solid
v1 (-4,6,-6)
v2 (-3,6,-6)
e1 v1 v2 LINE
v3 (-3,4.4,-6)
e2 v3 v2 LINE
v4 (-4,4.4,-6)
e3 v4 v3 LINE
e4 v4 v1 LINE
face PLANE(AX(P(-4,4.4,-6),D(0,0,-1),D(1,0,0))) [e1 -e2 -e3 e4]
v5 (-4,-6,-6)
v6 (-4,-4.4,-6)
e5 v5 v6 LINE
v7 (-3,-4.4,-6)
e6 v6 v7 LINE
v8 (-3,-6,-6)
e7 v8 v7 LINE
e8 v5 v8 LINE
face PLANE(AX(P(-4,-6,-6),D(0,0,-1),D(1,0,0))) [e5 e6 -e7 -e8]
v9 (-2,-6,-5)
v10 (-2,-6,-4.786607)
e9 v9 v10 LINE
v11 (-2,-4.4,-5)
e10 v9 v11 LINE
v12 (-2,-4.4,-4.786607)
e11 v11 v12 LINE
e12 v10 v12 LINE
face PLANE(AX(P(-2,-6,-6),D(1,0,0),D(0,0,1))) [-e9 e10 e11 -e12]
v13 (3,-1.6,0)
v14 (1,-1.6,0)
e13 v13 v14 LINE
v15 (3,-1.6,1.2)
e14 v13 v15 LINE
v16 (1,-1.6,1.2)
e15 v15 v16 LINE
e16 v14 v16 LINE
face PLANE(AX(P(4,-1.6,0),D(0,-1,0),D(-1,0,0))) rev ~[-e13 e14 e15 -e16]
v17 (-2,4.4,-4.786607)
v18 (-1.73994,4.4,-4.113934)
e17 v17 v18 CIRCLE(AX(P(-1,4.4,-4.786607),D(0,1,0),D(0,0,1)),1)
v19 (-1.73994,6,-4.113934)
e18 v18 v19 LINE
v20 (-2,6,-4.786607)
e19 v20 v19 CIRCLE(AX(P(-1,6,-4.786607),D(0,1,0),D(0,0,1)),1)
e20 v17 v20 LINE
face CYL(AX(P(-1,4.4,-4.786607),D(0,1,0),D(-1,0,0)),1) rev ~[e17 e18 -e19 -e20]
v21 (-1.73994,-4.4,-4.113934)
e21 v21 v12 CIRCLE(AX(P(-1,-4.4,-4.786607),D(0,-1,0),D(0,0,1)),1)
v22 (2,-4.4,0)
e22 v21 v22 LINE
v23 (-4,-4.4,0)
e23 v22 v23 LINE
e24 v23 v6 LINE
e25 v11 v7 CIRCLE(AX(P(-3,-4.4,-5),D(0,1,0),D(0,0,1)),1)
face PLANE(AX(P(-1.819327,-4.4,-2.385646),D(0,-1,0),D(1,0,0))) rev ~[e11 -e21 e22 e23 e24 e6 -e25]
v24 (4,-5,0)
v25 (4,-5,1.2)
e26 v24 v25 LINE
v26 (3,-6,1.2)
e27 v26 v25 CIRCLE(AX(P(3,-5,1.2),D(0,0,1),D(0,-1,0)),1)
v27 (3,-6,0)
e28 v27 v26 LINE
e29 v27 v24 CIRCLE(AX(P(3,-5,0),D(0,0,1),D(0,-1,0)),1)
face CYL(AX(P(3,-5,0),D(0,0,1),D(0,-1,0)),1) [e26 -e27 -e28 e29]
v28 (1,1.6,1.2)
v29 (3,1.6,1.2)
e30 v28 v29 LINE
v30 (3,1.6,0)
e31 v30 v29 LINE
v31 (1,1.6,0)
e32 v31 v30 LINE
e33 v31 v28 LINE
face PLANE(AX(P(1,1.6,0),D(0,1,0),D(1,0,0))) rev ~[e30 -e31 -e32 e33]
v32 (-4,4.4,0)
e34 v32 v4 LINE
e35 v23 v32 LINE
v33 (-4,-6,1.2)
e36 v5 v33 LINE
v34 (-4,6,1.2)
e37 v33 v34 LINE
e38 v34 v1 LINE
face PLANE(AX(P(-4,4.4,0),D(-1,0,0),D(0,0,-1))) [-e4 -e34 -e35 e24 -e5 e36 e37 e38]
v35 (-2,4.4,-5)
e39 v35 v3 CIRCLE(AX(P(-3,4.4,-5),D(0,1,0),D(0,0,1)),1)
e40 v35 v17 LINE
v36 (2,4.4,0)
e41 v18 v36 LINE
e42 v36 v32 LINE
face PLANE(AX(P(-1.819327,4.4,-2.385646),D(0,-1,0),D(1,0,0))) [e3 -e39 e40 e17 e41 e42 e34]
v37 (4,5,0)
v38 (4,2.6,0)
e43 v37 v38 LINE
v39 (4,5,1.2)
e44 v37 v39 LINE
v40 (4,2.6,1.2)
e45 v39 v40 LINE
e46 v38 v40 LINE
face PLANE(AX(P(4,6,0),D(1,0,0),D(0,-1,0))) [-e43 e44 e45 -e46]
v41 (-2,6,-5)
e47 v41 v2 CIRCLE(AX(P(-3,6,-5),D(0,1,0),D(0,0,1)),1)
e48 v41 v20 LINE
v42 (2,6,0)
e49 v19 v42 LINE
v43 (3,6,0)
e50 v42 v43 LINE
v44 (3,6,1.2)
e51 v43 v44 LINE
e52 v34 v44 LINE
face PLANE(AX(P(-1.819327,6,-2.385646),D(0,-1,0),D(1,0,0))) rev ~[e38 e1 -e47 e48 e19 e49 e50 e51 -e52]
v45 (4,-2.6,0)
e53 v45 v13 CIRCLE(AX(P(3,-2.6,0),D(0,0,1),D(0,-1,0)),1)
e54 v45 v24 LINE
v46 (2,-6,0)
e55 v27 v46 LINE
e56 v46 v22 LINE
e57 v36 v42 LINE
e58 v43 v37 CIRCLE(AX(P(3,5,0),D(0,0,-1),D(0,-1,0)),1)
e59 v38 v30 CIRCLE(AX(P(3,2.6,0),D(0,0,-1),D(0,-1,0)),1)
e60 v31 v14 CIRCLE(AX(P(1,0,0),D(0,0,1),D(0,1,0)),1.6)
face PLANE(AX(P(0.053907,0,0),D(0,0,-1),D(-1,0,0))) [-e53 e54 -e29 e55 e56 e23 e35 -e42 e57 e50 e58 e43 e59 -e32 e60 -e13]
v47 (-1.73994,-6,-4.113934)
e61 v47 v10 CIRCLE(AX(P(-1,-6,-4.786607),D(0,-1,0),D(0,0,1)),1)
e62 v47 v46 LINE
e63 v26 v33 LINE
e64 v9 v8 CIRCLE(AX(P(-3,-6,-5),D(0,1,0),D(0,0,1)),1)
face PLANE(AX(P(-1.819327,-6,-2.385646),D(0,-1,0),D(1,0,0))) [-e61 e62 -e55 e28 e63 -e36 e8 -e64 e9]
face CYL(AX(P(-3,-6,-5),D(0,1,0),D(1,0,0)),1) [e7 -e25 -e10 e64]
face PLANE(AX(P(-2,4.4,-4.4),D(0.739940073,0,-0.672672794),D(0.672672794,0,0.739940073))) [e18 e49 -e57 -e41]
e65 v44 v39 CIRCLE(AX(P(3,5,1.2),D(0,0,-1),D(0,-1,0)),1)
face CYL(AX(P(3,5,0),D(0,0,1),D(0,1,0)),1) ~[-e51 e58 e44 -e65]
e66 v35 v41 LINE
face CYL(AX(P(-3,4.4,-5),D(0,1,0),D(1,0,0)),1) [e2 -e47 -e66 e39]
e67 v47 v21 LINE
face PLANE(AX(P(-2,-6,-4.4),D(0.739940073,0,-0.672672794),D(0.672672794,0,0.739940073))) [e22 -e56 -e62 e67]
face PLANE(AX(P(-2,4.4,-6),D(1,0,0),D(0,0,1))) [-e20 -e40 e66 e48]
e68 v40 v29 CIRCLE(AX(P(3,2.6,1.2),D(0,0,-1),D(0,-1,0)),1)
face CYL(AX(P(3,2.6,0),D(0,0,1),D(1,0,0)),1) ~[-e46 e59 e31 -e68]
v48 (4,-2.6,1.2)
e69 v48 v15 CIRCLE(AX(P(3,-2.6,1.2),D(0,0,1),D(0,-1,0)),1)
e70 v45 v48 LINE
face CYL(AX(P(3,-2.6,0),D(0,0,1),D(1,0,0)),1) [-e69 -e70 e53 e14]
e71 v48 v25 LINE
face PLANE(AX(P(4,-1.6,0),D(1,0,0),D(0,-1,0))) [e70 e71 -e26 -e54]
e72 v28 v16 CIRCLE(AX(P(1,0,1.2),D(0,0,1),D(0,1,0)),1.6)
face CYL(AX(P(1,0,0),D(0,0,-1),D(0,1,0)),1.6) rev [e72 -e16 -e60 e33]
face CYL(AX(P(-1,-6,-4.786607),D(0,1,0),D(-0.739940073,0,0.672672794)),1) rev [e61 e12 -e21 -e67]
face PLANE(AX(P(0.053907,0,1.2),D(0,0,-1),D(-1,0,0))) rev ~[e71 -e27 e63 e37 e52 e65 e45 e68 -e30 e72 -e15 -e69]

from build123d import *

# Parameters (mm, degrees)
PAD_DEPTH           = 1.2
PAD001_DEPTH        = 1.6
LINEARPATTERN_COUNT = 2
LINEARPATTERN_PITCH = 10.4
FILLET_R            = 1
FILLET001_R         = 1
FILLET002_R         = 1


with BuildPart() as part:
    # Sketch → Pad (new body)
    with BuildSketch(Plane.XY):
        with BuildLine():
            Line((-4, 6), (4, 6))
            Line((4, 6), (4, 1.6))
            Line((1, 1.6), (4, 1.6))
            ThreePointArc((1, 1.6), (-0.6, 0), (1, -1.6))
            Line((4, -1.6), (1, -1.6))
            Line((4, -1.6), (4, -6))
            Line((4, -6), (-4, -6))
            Line((-4, -6), (-4, 6))
        make_face()
    extrude(amount=PAD_DEPTH)

    # Sketch001 (on DatumPlane) → Pad001 (join)
    with BuildSketch(Plane.XZ.offset(6)):
        Polygon((-4, 0), (-4, -6), (-2, -6), (-2, -4.4), (2, 0), align=None)
    pad001 = extrude(amount=-PAD001_DEPTH)

    # LinearPattern: Pad001 ×2
    with Locations(*[(0, i * LINEARPATTERN_PITCH, 0) for i in range(1, LINEARPATTERN_COUNT)]):
        add(pad001)

    # Fillet
    fillet_edges = [part.edges().sort_by_distance(p)[0] for p in [
        (-2, -5.2, -6),
        (-2, 5.2, -6),
    ]]
    fillet(fillet_edges, radius=FILLET_R)

    # Fillet001
    fillet001_edges = [part.edges().sort_by_distance(p)[0] for p in [
        (-2, -5.2, -4.4),
        (-2, 5.2, -4.4),
    ]]
    fillet(fillet001_edges, radius=FILLET001_R)

    # Fillet002
    fillet002_edges = [part.edges().sort_by_distance(p)[0] for p in [
        (4, -6, 0.6),
        (4, -1.6, 0.6),
        (4, 1.6, 0.6),
        (4, 6, 0.6),
    ]]
    fillet(fillet002_edges, radius=FILLET002_R)


solid = part.part
